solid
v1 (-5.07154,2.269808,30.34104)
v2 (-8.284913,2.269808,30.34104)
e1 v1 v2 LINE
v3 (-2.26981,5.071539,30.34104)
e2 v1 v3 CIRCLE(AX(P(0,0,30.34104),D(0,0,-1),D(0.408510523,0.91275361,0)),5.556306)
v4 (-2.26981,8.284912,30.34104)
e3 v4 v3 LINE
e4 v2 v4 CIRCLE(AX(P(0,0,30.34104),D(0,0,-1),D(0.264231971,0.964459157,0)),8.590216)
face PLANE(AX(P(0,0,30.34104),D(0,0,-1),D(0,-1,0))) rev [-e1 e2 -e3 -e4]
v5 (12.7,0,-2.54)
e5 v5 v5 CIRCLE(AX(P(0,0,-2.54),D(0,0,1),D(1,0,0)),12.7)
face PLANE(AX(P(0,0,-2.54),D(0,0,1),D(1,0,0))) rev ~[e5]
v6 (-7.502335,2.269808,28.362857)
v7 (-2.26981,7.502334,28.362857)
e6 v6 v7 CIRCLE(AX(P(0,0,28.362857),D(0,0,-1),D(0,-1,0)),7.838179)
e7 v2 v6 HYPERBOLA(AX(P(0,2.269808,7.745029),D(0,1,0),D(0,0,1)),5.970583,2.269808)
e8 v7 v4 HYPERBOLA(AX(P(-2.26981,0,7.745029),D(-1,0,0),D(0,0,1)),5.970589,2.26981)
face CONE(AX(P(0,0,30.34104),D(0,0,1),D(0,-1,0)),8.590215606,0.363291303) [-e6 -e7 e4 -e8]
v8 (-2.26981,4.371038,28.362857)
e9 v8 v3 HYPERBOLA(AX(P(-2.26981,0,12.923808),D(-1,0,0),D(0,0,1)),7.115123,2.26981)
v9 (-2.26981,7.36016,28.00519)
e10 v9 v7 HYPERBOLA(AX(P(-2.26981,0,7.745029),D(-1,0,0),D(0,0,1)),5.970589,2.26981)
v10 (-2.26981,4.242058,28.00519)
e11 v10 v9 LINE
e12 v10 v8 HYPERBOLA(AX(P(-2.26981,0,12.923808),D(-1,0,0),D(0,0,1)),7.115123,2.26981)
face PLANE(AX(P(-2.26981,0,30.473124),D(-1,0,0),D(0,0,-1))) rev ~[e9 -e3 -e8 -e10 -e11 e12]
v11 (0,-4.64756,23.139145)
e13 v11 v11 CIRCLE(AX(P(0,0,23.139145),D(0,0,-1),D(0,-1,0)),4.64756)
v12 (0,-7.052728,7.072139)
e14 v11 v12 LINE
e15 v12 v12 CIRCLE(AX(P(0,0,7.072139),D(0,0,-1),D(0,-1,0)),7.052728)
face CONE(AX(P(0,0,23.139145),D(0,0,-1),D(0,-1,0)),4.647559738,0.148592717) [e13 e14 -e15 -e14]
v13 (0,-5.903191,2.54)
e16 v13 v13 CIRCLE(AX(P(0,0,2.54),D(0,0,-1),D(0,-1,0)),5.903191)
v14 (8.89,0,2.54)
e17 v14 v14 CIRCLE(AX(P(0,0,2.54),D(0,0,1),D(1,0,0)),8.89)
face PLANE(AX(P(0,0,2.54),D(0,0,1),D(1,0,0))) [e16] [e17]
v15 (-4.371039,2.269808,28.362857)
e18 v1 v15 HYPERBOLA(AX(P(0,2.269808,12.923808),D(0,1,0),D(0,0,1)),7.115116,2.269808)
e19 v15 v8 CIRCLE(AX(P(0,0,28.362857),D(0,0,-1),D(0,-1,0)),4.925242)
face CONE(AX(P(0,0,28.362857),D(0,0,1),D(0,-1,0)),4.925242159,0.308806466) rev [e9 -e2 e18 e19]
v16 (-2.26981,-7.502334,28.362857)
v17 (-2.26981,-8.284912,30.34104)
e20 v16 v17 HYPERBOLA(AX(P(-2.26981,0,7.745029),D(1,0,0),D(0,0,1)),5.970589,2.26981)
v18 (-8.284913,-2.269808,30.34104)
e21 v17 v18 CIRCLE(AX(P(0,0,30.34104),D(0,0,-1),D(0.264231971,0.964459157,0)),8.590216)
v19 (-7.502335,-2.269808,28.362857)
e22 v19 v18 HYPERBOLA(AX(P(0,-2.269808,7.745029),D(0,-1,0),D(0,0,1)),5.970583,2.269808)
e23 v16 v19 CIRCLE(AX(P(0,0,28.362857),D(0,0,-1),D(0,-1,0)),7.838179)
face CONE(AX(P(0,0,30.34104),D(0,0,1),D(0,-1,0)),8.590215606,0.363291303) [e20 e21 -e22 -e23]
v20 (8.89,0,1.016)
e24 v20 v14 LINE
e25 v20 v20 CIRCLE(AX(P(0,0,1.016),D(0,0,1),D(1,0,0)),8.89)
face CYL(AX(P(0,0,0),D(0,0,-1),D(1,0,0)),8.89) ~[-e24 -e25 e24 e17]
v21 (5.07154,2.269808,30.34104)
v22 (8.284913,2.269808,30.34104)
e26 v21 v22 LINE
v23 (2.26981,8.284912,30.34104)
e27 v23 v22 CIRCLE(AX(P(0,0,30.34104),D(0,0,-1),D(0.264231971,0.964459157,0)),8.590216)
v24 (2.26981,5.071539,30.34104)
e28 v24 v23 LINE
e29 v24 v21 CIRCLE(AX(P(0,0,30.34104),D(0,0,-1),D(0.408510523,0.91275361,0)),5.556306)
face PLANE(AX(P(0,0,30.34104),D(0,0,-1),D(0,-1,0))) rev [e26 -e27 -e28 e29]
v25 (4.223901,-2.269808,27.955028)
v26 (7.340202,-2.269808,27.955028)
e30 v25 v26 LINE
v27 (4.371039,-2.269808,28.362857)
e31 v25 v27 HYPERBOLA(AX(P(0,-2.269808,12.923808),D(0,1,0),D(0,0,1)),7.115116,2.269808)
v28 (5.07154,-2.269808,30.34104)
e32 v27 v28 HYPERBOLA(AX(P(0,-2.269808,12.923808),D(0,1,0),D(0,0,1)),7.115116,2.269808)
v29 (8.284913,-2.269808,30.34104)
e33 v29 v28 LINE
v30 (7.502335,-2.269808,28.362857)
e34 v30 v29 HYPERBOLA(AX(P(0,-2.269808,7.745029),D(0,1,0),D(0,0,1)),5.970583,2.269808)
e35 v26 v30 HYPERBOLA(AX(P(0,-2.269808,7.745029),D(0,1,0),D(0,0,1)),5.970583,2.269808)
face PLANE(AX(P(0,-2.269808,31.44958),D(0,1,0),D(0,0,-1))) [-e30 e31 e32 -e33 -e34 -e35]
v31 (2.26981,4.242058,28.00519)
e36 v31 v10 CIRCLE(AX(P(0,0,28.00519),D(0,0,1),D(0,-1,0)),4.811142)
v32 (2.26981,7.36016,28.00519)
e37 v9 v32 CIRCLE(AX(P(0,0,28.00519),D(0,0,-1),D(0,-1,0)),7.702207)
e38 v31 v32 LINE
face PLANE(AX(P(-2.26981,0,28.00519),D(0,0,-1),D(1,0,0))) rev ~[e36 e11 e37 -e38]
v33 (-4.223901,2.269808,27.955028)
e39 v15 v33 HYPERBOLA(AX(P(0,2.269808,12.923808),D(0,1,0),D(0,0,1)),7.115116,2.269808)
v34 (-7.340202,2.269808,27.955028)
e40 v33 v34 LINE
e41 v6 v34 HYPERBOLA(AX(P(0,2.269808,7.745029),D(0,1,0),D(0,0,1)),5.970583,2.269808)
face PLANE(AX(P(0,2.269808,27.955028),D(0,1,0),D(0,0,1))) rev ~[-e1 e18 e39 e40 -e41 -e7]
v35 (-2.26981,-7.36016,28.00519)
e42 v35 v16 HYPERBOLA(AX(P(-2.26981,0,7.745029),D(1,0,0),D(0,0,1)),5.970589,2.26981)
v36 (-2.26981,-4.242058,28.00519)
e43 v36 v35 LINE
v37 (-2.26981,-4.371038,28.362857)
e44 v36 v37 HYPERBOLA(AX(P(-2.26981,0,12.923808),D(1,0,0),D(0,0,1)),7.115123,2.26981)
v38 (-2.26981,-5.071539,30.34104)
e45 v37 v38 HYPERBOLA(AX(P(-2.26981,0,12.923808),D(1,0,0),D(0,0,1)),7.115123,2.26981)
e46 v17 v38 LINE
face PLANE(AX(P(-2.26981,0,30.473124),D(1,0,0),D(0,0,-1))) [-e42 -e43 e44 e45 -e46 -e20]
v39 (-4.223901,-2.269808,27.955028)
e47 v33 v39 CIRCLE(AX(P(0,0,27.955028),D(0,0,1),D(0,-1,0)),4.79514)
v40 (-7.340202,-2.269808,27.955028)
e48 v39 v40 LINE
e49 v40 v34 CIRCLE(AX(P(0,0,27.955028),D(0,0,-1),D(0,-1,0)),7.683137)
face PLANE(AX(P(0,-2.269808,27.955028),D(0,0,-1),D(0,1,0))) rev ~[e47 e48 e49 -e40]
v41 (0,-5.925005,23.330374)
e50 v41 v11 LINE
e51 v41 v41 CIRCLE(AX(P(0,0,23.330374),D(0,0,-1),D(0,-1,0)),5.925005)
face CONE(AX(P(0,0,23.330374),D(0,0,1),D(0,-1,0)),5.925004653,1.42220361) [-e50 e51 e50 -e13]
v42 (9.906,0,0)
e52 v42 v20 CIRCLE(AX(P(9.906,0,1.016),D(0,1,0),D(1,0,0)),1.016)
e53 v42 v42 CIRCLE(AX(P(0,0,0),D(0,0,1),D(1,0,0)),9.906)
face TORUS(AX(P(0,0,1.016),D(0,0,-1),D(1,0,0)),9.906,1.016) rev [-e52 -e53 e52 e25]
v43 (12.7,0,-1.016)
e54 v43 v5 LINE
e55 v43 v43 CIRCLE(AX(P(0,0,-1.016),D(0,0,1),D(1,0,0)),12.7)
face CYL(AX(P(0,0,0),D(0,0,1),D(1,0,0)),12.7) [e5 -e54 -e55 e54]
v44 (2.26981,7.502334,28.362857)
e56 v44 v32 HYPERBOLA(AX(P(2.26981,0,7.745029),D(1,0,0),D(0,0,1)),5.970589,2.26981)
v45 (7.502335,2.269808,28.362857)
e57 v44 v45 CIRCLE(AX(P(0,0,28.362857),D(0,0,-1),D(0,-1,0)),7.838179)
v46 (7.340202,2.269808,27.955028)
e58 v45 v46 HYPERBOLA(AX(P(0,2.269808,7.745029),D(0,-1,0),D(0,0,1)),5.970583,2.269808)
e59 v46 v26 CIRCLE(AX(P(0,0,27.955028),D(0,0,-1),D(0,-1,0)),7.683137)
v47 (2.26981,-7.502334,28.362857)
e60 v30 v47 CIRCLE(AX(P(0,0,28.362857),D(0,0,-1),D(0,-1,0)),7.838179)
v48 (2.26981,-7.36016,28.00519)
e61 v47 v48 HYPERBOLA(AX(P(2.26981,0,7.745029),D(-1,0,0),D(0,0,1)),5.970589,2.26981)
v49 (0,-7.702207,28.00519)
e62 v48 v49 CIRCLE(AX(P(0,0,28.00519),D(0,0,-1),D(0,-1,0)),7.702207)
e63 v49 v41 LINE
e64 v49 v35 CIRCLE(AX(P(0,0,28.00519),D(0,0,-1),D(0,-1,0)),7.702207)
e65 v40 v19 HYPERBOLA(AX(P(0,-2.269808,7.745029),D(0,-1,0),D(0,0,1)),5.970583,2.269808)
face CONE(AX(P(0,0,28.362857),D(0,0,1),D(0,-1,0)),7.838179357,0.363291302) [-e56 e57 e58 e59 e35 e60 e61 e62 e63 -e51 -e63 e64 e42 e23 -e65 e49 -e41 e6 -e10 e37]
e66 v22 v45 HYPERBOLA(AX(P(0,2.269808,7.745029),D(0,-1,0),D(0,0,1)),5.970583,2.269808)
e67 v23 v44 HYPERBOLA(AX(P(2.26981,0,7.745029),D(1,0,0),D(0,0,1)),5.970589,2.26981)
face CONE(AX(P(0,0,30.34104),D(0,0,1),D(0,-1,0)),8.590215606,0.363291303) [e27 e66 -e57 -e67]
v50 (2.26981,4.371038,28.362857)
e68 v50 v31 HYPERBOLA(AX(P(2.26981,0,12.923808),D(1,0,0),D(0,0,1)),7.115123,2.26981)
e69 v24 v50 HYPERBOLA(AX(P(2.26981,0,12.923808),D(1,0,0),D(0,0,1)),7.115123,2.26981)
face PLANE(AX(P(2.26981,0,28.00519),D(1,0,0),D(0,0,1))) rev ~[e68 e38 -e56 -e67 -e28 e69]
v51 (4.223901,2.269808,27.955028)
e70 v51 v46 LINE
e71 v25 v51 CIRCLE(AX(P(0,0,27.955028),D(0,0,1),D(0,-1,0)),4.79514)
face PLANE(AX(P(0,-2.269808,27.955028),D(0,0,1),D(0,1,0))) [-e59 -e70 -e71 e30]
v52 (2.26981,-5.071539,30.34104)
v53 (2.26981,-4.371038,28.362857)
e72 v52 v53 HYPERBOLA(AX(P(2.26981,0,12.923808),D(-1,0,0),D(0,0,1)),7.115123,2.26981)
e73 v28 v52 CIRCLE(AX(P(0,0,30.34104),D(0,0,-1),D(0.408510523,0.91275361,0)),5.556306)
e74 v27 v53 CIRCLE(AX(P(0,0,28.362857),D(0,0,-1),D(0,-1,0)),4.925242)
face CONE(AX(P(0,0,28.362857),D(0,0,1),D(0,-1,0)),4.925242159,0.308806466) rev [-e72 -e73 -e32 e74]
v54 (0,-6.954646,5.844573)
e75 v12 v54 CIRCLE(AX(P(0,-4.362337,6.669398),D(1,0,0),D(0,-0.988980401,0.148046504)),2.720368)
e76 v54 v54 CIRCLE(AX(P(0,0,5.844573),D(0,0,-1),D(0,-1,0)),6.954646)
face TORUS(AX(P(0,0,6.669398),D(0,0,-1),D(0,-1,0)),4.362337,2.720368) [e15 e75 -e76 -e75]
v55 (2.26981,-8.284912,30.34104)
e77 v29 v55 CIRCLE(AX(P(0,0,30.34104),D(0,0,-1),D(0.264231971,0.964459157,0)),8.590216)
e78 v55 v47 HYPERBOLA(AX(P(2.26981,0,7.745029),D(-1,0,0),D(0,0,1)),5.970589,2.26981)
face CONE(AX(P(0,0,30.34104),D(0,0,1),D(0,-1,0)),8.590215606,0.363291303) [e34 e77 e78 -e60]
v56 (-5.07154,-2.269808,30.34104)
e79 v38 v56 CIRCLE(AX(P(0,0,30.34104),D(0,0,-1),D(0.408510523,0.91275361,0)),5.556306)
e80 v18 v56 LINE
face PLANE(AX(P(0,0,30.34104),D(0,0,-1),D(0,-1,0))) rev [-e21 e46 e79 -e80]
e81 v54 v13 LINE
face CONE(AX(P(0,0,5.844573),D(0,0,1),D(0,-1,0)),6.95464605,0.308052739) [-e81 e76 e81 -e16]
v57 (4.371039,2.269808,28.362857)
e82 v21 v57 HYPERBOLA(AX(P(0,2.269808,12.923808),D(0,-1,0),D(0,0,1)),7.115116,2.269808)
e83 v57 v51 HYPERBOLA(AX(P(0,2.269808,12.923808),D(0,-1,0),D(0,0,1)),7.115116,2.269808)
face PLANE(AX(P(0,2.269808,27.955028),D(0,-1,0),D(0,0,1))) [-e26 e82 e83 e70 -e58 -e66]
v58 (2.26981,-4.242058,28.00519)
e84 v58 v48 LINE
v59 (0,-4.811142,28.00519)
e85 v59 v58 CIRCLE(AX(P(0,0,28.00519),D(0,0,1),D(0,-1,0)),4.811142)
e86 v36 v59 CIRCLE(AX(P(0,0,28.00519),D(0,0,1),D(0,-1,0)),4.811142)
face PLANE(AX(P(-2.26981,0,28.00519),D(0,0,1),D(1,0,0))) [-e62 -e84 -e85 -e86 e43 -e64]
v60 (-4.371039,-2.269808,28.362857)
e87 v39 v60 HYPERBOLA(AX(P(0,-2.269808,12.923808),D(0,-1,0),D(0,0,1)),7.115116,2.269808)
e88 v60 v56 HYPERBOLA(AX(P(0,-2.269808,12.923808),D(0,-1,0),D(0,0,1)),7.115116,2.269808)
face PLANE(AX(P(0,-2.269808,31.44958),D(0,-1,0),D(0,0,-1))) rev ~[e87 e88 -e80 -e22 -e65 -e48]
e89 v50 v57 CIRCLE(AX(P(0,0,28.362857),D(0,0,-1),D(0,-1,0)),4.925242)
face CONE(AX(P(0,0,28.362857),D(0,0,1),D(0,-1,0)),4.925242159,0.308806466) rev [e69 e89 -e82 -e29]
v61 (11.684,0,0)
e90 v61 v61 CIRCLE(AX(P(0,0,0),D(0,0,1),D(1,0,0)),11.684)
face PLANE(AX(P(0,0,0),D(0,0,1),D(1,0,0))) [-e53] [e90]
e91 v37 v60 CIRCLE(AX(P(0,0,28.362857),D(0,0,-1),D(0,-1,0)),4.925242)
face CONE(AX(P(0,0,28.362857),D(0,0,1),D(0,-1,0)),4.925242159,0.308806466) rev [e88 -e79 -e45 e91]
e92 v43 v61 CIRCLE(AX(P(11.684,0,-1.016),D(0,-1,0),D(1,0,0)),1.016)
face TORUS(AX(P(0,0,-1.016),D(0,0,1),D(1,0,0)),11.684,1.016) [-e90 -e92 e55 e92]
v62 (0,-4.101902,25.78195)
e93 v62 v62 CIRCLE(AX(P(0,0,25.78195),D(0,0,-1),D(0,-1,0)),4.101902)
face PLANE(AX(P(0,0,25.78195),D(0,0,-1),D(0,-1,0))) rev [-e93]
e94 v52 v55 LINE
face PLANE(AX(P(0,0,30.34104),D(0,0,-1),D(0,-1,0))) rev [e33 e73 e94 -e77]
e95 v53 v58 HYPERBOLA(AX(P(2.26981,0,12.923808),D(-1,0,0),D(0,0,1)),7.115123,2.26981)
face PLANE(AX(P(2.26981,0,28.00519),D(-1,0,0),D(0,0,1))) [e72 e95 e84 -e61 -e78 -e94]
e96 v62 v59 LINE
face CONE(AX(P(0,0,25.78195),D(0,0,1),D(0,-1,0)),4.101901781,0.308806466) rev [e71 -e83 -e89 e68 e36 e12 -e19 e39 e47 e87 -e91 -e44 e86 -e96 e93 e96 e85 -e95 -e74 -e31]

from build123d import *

# Parameters (mm, degrees)
F0_R          = 12.7
F0_R_2        = 8.89
F0_R_3        = 6.35
F0_R_4        = 3.81
F1_DEPTH      = 2.54
F2_DEPTH      = 2.54
F3_R          = 1.016
F7_DEPTH      = 25.4
F7_DEPTH_BACK = 25.4
F9_DEPTH      = 25.4
F9_DEPTH_BACK = 25.4


with BuildPart() as f1:
    # F0 (on Top) → F1 (new body)
    with BuildSketch(Plane.XY):
        Circle(F0_R)
        Circle(F0_R_2, mode=Mode.SUBTRACT)
        Circle(F0_R_2)
        Circle(F0_R_3, mode=Mode.SUBTRACT)
        Circle(F0_R_3)
        Circle(F0_R_4, mode=Mode.SUBTRACT)
        Circle(F0_R_4)
    extrude(amount=-F1_DEPTH)

    # F0 (on Top) → F2 (join)
    with BuildSketch(Plane.XY):
        Circle(F0_R_2)
        Circle(F0_R_3, mode=Mode.SUBTRACT)
        Circle(F0_R_3)
        Circle(F0_R_4, mode=Mode.SUBTRACT)
        Circle(F0_R_4)
    extrude(amount=F2_DEPTH)

    # F3
    f3_edges = [f1.edges().sort_by_distance(p)[0] for p in [
        (-8.89, 0, 0),
        (-12.7, 0, 0),
    ]]
    fillet(f3_edges, radius=F3_R)

    # F4 (on Right) → F5 (revolve)
    with BuildSketch(Plane.YZ):
        with BuildLine():
            ThreePointArc((-7.052727852, 7.0721389887), (-7.0740632783, 6.4527327622), (-6.95464605, 5.8445725864))
            Line((-6.95464605, 5.8445725864), (-5.8483541943, 2.3676548153))
            Line((-5.8483541943, 2.3676548153), (0, 2.3676548153))
            Line((0, 2.3676548153), (0, 21.9140928239))
            Line((0, 21.9140928239), (0, 23.5729362753))
            Line((0, 23.5729362753), (0, 24.7111208737))
            Line((0, 24.7111208737), (0, 24.8141754419))
            Line((0, 24.8141754419), (0, 25.781949982))
            Line((0, 25.781949982), (-4.1019017808, 25.781949982))
            Line((-4.1019017808, 25.781949982), (-4.9252421595, 28.3628571779))
            Line((-4.9252421595, 28.3628571779), (-5.5563063145, 30.341040273))
            Line((-5.5563063145, 30.341040273), (-5.6435932728, 30.341040273))
            Line((-5.6435932728, 30.341040273), (-8.5902156056, 30.341040273))
            Line((-8.5902156056, 30.341040273), (-7.8381793573, 28.3628571779))
            Line((-7.8381793573, 28.3628571779), (-5.9250046527, 23.33037388))
            Line((-5.9250046527, 23.33037388), (-4.647559738, 23.1391453645))
            Line((-4.647559738, 23.1391453645), (-7.052727852, 7.0721389887))
        make_face()
    revolve(axis=Axis((0, 0, 13.5393878445), (0, 0, -1)))

    # F6 (on Front) → F7 (cut, two sides)
    with BuildSketch(Plane.XZ) as f7_sk:
        Polygon((-2.2698096, 28.0051901937), (0, 28.0051901937), (2.2698096, 28.0051901937), (2.2698096, 30.4731242359), (0, 30.4731242359), (-2.2698096, 30.4731242359), align=None)
    extrude(amount=-F7_DEPTH, mode=Mode.SUBTRACT)
    extrude(f7_sk.sketch, amount=F7_DEPTH_BACK, mode=Mode.SUBTRACT)

    # F8 (on Right) → F9 (cut, two sides)
    with BuildSketch(Plane.YZ) as f9_sk:
        Polygon((-2.2698075, 27.955027986), (0, 27.955027986), (2.2698075, 27.955027986), (2.2698075, 31.4495795649), (0, 31.4495795649), (-2.2698075, 31.4495795649), align=None)
    extrude(amount=-F9_DEPTH, mode=Mode.SUBTRACT)
    extrude(f9_sk.sketch, amount=F9_DEPTH_BACK, mode=Mode.SUBTRACT)


solid = f1.part
